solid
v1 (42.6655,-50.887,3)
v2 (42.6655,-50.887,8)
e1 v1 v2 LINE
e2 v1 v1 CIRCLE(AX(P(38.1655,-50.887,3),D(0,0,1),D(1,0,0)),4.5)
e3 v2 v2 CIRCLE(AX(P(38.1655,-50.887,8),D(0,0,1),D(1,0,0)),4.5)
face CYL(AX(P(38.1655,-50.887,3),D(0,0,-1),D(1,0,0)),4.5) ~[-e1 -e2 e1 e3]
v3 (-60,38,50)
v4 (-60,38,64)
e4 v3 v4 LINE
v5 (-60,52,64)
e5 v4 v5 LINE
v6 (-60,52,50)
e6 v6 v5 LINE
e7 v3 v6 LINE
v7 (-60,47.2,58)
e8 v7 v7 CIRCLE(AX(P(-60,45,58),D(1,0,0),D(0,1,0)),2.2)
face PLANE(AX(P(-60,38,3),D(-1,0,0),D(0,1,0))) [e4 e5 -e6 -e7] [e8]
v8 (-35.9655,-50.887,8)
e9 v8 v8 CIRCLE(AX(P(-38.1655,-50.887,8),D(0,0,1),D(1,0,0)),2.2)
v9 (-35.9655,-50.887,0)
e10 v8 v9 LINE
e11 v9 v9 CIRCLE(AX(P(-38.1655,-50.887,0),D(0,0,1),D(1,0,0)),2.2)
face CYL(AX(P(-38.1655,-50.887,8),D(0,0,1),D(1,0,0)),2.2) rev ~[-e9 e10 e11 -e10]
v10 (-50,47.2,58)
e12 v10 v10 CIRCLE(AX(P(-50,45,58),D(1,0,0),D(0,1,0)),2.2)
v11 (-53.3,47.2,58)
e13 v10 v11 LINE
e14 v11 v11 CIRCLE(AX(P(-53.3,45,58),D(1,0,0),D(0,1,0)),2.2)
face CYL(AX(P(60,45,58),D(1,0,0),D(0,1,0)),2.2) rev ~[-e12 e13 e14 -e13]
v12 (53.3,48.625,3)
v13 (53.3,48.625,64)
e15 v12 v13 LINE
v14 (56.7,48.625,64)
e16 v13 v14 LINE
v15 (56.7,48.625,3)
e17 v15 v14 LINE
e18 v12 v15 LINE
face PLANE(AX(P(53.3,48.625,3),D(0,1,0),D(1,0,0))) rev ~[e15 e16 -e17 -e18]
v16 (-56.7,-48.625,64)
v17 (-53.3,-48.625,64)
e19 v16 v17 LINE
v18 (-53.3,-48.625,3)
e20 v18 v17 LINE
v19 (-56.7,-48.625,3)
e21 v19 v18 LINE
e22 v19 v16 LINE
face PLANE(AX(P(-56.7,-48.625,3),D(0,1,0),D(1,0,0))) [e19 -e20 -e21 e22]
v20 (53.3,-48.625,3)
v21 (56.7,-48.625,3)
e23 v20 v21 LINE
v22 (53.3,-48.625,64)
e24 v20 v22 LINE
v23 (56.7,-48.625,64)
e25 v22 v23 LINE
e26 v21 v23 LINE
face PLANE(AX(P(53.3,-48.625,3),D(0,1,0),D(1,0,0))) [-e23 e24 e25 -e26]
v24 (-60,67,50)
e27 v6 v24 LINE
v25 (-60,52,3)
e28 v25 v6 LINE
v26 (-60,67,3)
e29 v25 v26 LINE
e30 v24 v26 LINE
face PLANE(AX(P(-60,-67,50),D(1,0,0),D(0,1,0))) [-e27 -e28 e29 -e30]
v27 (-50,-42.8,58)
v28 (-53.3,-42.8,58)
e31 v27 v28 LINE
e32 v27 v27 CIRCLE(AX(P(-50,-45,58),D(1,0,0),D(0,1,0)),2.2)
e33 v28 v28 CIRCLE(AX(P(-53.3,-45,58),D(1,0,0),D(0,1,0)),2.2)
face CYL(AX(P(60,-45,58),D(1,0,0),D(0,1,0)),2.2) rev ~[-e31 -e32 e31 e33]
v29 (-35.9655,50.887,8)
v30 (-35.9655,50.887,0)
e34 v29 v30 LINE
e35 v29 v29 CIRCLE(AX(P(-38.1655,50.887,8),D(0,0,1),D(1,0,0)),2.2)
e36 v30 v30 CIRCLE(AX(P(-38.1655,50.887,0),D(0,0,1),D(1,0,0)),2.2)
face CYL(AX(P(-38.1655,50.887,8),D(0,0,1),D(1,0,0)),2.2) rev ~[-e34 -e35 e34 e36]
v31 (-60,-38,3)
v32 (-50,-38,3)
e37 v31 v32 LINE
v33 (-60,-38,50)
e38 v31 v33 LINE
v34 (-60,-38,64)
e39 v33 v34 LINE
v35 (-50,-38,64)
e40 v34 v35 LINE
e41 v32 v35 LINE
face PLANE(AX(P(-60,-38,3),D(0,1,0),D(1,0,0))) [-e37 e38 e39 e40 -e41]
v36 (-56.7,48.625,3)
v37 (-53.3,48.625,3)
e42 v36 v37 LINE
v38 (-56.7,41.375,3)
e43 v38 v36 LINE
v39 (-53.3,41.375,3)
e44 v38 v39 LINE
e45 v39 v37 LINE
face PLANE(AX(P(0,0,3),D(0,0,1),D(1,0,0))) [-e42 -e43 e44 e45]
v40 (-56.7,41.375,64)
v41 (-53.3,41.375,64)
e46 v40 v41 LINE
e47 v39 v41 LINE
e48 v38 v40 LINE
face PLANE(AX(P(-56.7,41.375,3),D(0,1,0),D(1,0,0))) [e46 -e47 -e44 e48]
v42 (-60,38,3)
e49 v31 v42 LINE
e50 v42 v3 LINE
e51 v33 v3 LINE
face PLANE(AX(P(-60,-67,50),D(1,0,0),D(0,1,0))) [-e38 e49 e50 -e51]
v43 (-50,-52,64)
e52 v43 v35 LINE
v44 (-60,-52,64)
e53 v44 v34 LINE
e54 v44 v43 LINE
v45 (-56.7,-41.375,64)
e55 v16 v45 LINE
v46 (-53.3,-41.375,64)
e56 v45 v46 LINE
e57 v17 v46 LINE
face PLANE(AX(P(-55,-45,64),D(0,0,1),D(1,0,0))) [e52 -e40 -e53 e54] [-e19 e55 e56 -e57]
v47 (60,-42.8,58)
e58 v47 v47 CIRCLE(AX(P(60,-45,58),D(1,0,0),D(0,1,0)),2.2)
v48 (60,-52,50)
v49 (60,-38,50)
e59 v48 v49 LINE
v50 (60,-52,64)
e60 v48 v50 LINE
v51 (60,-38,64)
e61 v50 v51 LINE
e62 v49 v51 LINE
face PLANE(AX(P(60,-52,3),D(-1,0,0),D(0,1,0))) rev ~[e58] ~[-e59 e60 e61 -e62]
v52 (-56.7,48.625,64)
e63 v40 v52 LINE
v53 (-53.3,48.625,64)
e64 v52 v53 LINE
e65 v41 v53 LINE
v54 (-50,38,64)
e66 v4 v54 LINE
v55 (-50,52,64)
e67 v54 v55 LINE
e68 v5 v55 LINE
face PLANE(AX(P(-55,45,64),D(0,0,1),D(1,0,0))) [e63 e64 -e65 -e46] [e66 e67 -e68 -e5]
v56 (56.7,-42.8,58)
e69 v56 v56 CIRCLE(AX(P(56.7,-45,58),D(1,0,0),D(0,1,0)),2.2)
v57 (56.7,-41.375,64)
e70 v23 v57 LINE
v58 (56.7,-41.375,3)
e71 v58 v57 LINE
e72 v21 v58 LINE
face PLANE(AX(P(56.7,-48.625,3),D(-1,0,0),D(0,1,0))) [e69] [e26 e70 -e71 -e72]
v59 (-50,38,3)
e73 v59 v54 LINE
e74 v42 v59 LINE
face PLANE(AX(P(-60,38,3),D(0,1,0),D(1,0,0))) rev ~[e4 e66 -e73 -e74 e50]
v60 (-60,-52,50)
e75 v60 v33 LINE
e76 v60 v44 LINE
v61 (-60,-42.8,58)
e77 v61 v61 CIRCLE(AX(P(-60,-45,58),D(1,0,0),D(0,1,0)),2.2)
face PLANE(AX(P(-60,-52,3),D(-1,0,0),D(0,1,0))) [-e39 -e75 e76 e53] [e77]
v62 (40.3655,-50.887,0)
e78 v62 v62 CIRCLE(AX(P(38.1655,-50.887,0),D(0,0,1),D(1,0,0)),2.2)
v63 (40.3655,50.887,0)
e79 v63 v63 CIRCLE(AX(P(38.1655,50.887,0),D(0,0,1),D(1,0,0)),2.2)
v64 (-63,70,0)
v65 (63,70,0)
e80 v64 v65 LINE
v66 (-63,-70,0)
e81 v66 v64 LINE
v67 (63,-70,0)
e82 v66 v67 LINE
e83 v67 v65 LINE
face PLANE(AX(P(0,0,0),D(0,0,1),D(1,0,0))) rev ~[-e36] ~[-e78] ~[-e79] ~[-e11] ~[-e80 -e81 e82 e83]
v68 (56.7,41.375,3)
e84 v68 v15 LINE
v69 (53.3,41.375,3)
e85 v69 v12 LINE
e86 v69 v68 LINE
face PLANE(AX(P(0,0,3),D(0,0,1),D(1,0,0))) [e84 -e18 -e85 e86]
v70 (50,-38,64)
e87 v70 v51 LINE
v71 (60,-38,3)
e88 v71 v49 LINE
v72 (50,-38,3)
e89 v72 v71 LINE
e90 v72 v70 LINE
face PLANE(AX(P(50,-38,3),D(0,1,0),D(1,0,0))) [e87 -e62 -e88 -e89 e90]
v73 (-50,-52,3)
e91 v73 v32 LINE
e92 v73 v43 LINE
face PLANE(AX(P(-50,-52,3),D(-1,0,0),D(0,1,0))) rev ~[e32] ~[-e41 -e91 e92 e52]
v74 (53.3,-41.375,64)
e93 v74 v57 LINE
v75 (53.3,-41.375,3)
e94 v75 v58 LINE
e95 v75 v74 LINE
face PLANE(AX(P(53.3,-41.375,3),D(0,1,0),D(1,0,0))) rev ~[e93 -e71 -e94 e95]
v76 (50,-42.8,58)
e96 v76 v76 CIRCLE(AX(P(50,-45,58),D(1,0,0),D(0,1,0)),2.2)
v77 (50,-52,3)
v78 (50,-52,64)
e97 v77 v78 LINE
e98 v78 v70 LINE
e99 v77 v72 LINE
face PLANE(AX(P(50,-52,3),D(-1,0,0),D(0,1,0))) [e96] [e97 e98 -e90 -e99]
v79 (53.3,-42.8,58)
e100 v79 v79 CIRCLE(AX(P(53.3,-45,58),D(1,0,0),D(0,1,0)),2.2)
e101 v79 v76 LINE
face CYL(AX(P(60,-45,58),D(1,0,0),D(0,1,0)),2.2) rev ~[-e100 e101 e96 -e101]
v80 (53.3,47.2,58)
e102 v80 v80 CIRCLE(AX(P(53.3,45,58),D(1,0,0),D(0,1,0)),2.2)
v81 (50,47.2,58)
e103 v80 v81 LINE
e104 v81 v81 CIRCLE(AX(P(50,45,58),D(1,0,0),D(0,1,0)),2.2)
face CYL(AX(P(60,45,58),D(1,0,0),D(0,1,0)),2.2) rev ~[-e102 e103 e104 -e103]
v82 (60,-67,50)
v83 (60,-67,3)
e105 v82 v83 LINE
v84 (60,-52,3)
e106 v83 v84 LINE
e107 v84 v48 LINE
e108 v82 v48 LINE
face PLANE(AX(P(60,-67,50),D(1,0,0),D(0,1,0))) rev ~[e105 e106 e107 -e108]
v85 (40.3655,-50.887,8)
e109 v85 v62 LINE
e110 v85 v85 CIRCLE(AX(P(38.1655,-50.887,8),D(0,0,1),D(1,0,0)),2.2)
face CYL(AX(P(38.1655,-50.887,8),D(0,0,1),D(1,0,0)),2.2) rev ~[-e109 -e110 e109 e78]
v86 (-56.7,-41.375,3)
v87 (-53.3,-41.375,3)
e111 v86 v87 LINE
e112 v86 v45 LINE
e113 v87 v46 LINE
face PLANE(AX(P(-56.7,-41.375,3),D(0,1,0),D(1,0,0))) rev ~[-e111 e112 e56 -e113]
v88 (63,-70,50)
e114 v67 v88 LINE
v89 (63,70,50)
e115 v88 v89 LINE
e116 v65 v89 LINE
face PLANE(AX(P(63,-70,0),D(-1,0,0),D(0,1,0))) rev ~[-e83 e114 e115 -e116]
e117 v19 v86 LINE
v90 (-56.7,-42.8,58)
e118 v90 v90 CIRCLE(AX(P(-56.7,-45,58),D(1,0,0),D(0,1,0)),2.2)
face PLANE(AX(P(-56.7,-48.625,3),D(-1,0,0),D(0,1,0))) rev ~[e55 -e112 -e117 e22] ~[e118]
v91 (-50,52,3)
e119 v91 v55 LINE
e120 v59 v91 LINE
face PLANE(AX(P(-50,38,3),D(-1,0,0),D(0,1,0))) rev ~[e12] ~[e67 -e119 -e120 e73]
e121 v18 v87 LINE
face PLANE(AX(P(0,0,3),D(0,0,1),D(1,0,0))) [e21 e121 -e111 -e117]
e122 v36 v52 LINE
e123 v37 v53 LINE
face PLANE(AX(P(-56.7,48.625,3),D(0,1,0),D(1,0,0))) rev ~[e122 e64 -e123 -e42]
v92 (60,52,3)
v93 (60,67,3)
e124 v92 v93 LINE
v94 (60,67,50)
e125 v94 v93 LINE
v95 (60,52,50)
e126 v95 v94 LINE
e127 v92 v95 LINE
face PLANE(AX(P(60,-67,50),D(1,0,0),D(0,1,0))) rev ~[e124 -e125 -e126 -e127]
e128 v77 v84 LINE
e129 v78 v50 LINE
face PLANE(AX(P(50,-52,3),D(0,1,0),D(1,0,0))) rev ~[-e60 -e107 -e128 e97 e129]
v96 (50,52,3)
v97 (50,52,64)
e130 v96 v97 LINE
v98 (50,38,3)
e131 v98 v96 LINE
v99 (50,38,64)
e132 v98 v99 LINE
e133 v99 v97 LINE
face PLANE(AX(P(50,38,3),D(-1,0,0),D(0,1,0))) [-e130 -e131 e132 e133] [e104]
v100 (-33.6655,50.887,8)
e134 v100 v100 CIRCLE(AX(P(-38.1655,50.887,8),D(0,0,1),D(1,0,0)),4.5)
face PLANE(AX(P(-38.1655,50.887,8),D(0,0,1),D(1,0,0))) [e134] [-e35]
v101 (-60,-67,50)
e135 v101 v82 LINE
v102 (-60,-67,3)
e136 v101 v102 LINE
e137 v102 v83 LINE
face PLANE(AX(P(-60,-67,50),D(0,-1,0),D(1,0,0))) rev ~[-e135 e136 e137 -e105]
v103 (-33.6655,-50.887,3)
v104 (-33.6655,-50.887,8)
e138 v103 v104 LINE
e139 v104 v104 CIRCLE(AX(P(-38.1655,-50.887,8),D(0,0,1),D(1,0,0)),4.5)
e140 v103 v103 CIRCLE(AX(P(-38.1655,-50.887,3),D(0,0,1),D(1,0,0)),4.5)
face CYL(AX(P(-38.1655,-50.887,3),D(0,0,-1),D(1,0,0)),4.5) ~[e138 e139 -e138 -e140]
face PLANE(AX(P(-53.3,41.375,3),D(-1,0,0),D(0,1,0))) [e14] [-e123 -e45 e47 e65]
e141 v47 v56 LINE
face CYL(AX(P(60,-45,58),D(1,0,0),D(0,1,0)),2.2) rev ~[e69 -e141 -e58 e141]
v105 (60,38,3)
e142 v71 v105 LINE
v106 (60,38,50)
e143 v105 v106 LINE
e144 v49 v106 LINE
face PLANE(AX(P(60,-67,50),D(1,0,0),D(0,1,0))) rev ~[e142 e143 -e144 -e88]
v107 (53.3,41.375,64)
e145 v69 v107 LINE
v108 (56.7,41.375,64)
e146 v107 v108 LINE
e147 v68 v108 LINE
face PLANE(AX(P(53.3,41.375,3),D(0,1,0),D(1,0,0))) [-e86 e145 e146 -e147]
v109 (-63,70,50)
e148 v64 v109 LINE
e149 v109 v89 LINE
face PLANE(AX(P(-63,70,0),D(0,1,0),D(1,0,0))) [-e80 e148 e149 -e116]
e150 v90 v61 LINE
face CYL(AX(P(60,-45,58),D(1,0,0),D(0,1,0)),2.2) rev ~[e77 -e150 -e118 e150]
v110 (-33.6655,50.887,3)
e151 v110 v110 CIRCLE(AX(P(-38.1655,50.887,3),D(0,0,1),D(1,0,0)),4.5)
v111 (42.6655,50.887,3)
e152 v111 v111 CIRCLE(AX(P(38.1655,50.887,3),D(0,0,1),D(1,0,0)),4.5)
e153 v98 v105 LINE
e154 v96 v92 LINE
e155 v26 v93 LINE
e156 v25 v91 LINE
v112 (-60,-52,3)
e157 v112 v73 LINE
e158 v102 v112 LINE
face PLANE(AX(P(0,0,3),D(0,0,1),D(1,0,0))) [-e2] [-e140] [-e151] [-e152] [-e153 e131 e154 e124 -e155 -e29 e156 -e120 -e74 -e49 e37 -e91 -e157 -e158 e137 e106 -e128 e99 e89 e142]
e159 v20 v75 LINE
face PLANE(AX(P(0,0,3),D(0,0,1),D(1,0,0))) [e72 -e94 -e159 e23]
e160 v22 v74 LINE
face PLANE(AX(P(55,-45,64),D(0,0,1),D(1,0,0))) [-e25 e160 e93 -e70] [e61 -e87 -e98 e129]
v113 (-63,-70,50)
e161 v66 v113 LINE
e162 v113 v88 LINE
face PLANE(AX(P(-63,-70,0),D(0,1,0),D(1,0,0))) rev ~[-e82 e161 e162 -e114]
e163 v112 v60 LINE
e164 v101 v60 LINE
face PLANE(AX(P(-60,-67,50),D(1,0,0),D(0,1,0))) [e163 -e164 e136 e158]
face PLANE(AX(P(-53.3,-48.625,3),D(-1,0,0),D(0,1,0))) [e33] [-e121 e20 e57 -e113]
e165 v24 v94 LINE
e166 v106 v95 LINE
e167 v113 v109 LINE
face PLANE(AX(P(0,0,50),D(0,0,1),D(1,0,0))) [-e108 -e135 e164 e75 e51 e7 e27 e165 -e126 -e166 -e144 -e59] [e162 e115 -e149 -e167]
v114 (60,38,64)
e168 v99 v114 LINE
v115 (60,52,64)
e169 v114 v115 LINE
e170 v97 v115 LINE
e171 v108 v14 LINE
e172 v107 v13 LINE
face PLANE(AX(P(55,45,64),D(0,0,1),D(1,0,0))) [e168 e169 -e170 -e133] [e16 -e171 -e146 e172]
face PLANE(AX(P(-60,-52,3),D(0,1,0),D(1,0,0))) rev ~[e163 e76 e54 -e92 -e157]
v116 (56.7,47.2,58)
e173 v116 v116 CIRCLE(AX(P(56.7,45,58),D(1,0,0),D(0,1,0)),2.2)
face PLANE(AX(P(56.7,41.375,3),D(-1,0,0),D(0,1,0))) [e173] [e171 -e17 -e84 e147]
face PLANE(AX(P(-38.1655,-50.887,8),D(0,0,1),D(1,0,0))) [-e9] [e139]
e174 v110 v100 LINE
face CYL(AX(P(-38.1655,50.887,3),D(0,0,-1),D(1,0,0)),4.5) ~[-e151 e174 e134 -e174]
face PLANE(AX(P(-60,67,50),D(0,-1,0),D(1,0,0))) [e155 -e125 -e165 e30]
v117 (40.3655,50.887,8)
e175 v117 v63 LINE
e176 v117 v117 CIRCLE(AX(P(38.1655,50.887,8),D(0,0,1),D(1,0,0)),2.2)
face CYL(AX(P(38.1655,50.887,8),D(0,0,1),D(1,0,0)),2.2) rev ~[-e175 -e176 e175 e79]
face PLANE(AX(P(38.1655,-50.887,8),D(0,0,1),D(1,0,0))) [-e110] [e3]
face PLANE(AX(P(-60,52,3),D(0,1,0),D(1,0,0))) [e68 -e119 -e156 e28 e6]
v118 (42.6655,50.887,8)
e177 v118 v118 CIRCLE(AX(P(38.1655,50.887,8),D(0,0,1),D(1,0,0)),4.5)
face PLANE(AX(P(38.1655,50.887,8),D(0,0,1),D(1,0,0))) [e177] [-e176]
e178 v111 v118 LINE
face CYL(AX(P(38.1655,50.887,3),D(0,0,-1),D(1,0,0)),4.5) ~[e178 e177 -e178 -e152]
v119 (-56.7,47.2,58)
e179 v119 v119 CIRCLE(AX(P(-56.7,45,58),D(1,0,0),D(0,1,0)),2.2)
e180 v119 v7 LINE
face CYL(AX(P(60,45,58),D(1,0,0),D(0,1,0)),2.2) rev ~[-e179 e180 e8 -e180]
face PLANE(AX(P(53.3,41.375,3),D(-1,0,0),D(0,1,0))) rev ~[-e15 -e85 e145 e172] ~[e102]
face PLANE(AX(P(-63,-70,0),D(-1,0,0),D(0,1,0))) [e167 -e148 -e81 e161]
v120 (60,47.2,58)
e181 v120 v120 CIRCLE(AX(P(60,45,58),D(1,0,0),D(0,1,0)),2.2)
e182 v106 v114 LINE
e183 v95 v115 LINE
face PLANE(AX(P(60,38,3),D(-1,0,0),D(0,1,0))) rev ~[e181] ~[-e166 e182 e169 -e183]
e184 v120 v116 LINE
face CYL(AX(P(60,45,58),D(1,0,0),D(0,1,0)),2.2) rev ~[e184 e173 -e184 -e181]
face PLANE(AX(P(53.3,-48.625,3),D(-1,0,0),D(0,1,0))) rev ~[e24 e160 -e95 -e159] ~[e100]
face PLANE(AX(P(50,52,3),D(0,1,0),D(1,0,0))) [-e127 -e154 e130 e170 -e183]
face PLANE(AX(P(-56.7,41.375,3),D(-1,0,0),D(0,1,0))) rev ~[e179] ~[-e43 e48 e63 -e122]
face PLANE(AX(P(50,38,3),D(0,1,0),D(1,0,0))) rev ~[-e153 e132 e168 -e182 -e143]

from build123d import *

# Parameters (mm, degrees)
SKETCH_W        = 126
SKETCH_H        = 140
PAD_DEPTH       = 50
SKETCH002_W     = 120
SKETCH002_H     = 134
POCKET_DEPTH    = 47
SKETCH001_W     = 10
SKETCH001_H     = 14
SKETCH001_W_2   = 3.4
SKETCH001_H_2   = 7.25
PAD001_DEPTH    = 61
SKETCH003_R     = 2.2
POCKET001_DEPTH = 123.001
SKETCH004_R     = 4.5
PAD002_DEPTH    = 5
SKETCH005_R     = 2.2
POCKET002_DEPTH = 8.001


with BuildPart() as part:
    # Sketch → Pad (new body)
    with BuildSketch(Plane.XY):
        Rectangle(SKETCH_W, SKETCH_H)
    extrude(amount=PAD_DEPTH)

    # Sketch002 → Pocket (cut)
    with BuildSketch(Plane.XY.offset(50)):
        Rectangle(SKETCH002_W, SKETCH002_H)
    extrude(amount=-POCKET_DEPTH, mode=Mode.SUBTRACT)

    # Sketch001 → Pad001 (new body)
    with BuildSketch(Plane.XY.offset(3)):
        with Locations((-55, 45)):
            Rectangle(SKETCH001_W, SKETCH001_H)
        with Locations((-55, 45)):
            Rectangle(SKETCH001_W_2, SKETCH001_H_2, mode=Mode.SUBTRACT)
        with Locations((55, 45)):
            Rectangle(SKETCH001_W, SKETCH001_H)
        with Locations((55, 45)):
            Rectangle(SKETCH001_W_2, SKETCH001_H_2, mode=Mode.SUBTRACT)
        with Locations((-55, -45)):
            Rectangle(SKETCH001_W, SKETCH001_H)
        with Locations((-55, -45)):
            Rectangle(SKETCH001_W_2, SKETCH001_H_2, mode=Mode.SUBTRACT)
        with Locations((55, -45)):
            Rectangle(SKETCH001_W, SKETCH001_H)
        with Locations((55, -45)):
            Rectangle(SKETCH001_W_2, SKETCH001_H_2, mode=Mode.SUBTRACT)
    extrude(amount=PAD001_DEPTH)

    # Sketch003 → Pocket001 (cut, through all)
    with BuildSketch(Plane.YZ.offset(60)):
        with Locations((-45, 58)):
            Circle(SKETCH003_R)
        with Locations((45, 58)):
            Circle(SKETCH003_R)
    extrude(amount=-POCKET001_DEPTH, mode=Mode.SUBTRACT)

    # Sketch004 → Pad002 (new body)
    with BuildSketch(Plane.XY.offset(3)):
        with Locations((-38.1655, 50.887)):
            Circle(SKETCH004_R)
        with Locations((38.1655, 50.887)):
            Circle(SKETCH004_R)
        with Locations((-38.1655, -50.887)):
            Circle(SKETCH004_R)
        with Locations((38.1655, -50.887)):
            Circle(SKETCH004_R)
    extrude(amount=PAD002_DEPTH)

    # Sketch005 → Pocket002 (cut, through all)
    with BuildSketch(Plane.XY.offset(8)):
        with Locations((-38.1655, 50.887)):
            Circle(SKETCH005_R)
        with Locations((38.1655, 50.887)):
            Circle(SKETCH005_R)
        with Locations((-38.1655, -50.887)):
            Circle(SKETCH005_R)
        with Locations((38.1655, -50.887)):
            Circle(SKETCH005_R)
    extrude(amount=-POCKET002_DEPTH, mode=Mode.SUBTRACT)


solid = part.part
